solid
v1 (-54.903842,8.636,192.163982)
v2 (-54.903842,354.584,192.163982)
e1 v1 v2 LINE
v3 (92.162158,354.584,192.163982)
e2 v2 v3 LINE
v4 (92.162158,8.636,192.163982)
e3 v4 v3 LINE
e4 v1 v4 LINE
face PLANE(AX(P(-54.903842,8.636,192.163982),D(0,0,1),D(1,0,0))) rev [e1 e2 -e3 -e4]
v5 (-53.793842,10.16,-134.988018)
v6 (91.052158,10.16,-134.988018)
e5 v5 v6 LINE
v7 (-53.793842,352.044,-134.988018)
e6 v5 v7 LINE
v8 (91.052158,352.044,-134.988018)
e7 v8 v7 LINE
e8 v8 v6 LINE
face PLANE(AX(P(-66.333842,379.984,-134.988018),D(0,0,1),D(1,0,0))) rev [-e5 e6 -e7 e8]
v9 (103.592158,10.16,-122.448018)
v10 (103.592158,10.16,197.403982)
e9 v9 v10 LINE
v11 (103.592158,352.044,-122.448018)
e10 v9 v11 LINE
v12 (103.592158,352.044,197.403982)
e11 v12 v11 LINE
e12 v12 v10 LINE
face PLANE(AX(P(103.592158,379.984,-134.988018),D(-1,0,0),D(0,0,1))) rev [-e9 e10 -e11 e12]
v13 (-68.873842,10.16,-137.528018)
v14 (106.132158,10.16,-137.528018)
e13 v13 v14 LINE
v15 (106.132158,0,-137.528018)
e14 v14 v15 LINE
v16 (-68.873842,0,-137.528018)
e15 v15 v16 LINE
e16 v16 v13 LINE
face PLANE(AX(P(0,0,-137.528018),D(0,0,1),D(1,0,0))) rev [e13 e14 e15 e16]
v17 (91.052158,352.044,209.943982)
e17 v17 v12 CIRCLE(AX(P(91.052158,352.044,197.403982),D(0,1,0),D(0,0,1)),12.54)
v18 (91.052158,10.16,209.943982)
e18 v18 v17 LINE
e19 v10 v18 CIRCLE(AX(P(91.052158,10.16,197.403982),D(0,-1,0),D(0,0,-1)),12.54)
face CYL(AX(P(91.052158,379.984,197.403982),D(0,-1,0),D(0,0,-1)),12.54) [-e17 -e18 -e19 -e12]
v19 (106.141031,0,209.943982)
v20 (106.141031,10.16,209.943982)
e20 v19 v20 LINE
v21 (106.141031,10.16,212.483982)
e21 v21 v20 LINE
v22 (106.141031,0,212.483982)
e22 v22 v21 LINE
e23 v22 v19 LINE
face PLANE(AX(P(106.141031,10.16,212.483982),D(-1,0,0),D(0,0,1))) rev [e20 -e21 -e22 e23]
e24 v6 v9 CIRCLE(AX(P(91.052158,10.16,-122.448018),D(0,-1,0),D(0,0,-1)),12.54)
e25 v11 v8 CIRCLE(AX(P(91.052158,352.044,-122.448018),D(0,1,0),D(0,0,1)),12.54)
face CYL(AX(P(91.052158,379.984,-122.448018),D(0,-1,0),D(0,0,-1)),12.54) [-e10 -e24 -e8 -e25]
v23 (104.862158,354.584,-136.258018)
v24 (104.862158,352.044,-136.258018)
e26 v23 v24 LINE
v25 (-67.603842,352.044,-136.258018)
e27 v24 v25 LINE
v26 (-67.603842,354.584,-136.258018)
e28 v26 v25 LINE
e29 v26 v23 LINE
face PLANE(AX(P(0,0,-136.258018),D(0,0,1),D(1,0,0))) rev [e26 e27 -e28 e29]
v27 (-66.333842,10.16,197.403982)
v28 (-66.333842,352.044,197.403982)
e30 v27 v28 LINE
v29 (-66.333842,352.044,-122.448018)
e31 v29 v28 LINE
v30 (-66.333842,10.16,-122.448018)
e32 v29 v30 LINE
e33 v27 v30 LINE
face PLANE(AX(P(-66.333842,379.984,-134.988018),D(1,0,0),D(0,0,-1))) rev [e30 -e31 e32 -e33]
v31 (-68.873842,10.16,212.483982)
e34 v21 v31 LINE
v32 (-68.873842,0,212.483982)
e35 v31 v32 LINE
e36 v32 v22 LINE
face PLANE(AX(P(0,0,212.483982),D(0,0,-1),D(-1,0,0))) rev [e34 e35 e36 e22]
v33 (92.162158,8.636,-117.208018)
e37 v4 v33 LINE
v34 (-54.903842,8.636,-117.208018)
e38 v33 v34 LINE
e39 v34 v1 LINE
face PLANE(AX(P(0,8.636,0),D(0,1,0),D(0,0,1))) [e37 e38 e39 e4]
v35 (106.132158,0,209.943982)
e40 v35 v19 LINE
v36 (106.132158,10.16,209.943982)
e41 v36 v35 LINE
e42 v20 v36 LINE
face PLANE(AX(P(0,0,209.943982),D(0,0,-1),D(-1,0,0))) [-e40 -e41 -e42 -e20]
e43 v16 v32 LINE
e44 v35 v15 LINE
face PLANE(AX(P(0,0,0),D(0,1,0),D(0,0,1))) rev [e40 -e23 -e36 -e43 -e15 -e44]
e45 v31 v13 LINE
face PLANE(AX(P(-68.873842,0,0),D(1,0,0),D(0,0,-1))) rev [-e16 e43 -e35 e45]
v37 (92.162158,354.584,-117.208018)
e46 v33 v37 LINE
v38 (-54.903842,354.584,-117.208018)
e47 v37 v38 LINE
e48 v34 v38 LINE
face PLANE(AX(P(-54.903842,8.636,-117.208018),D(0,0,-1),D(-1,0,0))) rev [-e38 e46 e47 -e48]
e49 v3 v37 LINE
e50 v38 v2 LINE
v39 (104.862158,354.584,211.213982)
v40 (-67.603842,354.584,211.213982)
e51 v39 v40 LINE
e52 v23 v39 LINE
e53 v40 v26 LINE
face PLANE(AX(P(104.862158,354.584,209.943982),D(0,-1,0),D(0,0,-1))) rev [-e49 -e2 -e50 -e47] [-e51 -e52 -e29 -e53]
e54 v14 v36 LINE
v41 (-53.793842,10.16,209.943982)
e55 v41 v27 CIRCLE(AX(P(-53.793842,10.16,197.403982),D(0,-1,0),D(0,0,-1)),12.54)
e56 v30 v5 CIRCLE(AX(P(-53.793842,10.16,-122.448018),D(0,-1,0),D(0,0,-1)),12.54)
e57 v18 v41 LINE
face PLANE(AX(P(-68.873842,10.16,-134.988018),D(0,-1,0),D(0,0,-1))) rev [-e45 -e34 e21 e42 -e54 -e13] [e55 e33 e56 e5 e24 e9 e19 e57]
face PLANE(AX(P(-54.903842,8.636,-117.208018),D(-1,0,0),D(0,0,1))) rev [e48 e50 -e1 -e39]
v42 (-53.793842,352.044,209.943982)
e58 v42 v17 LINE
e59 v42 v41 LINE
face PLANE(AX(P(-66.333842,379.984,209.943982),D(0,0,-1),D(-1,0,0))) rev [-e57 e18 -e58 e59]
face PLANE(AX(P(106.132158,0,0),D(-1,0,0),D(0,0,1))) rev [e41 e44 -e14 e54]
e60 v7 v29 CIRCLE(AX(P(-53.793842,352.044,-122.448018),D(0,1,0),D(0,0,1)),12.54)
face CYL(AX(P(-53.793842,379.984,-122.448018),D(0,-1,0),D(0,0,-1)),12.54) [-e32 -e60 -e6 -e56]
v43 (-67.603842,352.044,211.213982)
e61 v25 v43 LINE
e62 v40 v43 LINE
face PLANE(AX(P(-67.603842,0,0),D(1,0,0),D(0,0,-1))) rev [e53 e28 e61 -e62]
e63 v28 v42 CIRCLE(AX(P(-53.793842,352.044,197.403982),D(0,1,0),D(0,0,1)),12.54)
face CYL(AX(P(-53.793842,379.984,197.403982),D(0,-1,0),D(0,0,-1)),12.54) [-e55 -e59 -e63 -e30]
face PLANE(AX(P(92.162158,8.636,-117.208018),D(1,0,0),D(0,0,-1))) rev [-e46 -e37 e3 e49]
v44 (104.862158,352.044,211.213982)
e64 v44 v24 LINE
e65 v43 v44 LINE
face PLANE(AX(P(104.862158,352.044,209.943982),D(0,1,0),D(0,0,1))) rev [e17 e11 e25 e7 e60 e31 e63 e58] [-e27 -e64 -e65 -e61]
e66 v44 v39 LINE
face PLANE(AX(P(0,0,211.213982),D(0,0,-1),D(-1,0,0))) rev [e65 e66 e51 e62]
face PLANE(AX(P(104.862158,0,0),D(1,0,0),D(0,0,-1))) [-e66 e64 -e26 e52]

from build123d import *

# Parameters (mm, degrees)
SKETCH1_W            = 169.926
SKETCH1_H            = 344.932
BOSS_EXTRUDE1_DEPTH  = 379.984
SKETCH7_W            = 344.932
SKETCH7_H            = 10.16
BOSS_EXTRUDE4_DEPTH  = 2.54
SKETCH8_W            = 344.932
SKETCH8_H            = 10.16
BOSS_EXTRUDE5_DEPTH  = 2.54
SKETCH9_W            = 175.006
SKETCH9_H            = 10.16
BOSS_EXTRUDE6_DEPTH  = 2.54
SKETCH13_W           = 344.932
SKETCH13_H           = 2.54
BOSS_EXTRUDE9_DEPTH  = 1.27
SKETCH14_W           = 171.196
SKETCH14_H           = 2.54
BOSS_EXTRUDE10_DEPTH = 1.27
SKETCH15_W           = 346.202
SKETCH15_H           = 2.54
BOSS_EXTRUDE11_DEPTH = 1.27
SKETCH16_W           = 172.466
SKETCH16_H           = 2.54
BOSS_EXTRUDE12_DEPTH = 1.27
FILLET1_R            = 12.54
SKETCH23_W           = 175.014872456
SKETCH23_H           = 10.16
BOSS_EXTRUDE15_DEPTH = 2.54
SKETCH25_W           = 180.28813578
SKETCH25_H           = 28.656047844
CUT_EXTRUDE1_DEPTH   = 474.472
SKETCH26_W           = 147.066
SKETCH26_H           = 309.372
CUT_EXTRUDE2_DEPTH   = 345.948


with BuildPart() as part:
    # Sketch1 → Boss-Extrude1 (new body)
    with BuildSketch(Plane(origin=(0, 0, 0), x_dir=(1, 0, 0), z_dir=(0, 1, 0))):
        with Locations((18.629158276, -37.477981942)):
            Rectangle(SKETCH1_W, SKETCH1_H)
    extrude(amount=BOSS_EXTRUDE1_DEPTH)

    # Sketch7 → Boss-Extrude4 (add)
    with BuildSketch(Plane.ZY.offset(66.333841724)):
        with Locations((37.477981942, 5.08)):
            Rectangle(SKETCH7_W, SKETCH7_H)
    extrude(amount=BOSS_EXTRUDE4_DEPTH)

    # Sketch8 → Boss-Extrude5 (add)
    with BuildSketch(Plane(origin=(103.592158276, 0, 0), x_dir=(0, 0, -1), z_dir=(1, 0, 0))):
        with Locations((-37.477981942, 5.08)):
            Rectangle(SKETCH8_W, SKETCH8_H)
    extrude(amount=BOSS_EXTRUDE5_DEPTH)

    # Sketch9 → Boss-Extrude6 (add)
    with BuildSketch(Plane(origin=(0, 0, -134.988018058), x_dir=(-1, 0, 0), z_dir=(0, 0, -1))):
        with Locations((-18.629158276, 5.08)):
            Rectangle(SKETCH9_W, SKETCH9_H)
    extrude(amount=BOSS_EXTRUDE6_DEPTH)

    # Sketch13 → Boss-Extrude9 (add)
    with BuildSketch(Plane(origin=(103.592158276, 0, 0), x_dir=(0, 0, -1), z_dir=(1, 0, 0))):
        with Locations((-37.477981942, 353.314)):
            Rectangle(SKETCH13_W, SKETCH13_H)
    extrude(amount=BOSS_EXTRUDE9_DEPTH)

    # Sketch14 → Boss-Extrude10 (add)
    with BuildSketch(Plane(origin=(0, 0, -134.988018058), x_dir=(-1, 0, 0), z_dir=(0, 0, -1))):
        with Locations((-19.264158276, 353.314)):
            Rectangle(SKETCH14_W, SKETCH14_H)
    extrude(amount=BOSS_EXTRUDE10_DEPTH)

    # Sketch15 → Boss-Extrude11 (add)
    with BuildSketch(Plane.ZY.offset(66.333841724)):
        with Locations((36.842981942, 353.314)):
            Rectangle(SKETCH15_W, SKETCH15_H)
    extrude(amount=BOSS_EXTRUDE11_DEPTH)

    # Sketch16 → Boss-Extrude12 (add)
    with BuildSketch(Plane.XY.offset(209.943981942)):
        with Locations((18.629158276, 353.314)):
            Rectangle(SKETCH16_W, SKETCH16_H)
    extrude(amount=BOSS_EXTRUDE12_DEPTH)

    # Fillet1
    fillet1_edges = [part.edges().sort_by_distance(p)[0] for p in [
        (103.592158276, 379.984, 37.477981942),
        (18.629158276, 379.984, -134.988018058),
        (-66.333841724, 379.984, 37.477981942),
        (103.592158276, 181.102, 209.943981942),
        (103.592158276, 181.102, -134.988018058),
        (-66.333841724, 181.102, -134.988018058),
        (-66.333841724, 367.284, -134.988018058),
        (103.592158276, 367.284, -134.988018058),
        (103.592158276, 367.284, 209.943981942),
        (-66.333841724, 367.284, 209.943981942),
        (-66.333841724, 181.102, 209.943981942),
        (18.629158276, 379.984, 209.943981942),
    ]]
    fillet(fillet1_edges, radius=FILLET1_R)

    # Sketch23 → Boss-Extrude15 (add)
    with BuildSketch(Plane.XY.offset(209.943981942)):
        with Locations((18.633594504, 5.08)):
            Rectangle(SKETCH23_W, SKETCH23_H)
    extrude(amount=BOSS_EXTRUDE15_DEPTH)

    # Sketch25 → Cut-Extrude1 (cut)
    with BuildSketch(Plane(origin=(0, 0, -134.988018058), x_dir=(-1, 0, 0), z_dir=(0, 0, -1))):
        with Locations((-13.448090386, 368.912023922)):
            Rectangle(SKETCH25_W, SKETCH25_H)
    extrude(amount=-CUT_EXTRUDE1_DEPTH, mode=Mode.SUBTRACT)

    # Sketch26 → Cut-Extrude2 (cut)
    with BuildSketch(Plane(origin=(0, 354.584, 0), x_dir=(1, 0, 0), z_dir=(0, 1, 0))):
        with Locations((18.629158276, -37.477981942)):
            Rectangle(SKETCH26_W, SKETCH26_H)
    extrude(amount=-CUT_EXTRUDE2_DEPTH, mode=Mode.SUBTRACT)


solid = part.part
